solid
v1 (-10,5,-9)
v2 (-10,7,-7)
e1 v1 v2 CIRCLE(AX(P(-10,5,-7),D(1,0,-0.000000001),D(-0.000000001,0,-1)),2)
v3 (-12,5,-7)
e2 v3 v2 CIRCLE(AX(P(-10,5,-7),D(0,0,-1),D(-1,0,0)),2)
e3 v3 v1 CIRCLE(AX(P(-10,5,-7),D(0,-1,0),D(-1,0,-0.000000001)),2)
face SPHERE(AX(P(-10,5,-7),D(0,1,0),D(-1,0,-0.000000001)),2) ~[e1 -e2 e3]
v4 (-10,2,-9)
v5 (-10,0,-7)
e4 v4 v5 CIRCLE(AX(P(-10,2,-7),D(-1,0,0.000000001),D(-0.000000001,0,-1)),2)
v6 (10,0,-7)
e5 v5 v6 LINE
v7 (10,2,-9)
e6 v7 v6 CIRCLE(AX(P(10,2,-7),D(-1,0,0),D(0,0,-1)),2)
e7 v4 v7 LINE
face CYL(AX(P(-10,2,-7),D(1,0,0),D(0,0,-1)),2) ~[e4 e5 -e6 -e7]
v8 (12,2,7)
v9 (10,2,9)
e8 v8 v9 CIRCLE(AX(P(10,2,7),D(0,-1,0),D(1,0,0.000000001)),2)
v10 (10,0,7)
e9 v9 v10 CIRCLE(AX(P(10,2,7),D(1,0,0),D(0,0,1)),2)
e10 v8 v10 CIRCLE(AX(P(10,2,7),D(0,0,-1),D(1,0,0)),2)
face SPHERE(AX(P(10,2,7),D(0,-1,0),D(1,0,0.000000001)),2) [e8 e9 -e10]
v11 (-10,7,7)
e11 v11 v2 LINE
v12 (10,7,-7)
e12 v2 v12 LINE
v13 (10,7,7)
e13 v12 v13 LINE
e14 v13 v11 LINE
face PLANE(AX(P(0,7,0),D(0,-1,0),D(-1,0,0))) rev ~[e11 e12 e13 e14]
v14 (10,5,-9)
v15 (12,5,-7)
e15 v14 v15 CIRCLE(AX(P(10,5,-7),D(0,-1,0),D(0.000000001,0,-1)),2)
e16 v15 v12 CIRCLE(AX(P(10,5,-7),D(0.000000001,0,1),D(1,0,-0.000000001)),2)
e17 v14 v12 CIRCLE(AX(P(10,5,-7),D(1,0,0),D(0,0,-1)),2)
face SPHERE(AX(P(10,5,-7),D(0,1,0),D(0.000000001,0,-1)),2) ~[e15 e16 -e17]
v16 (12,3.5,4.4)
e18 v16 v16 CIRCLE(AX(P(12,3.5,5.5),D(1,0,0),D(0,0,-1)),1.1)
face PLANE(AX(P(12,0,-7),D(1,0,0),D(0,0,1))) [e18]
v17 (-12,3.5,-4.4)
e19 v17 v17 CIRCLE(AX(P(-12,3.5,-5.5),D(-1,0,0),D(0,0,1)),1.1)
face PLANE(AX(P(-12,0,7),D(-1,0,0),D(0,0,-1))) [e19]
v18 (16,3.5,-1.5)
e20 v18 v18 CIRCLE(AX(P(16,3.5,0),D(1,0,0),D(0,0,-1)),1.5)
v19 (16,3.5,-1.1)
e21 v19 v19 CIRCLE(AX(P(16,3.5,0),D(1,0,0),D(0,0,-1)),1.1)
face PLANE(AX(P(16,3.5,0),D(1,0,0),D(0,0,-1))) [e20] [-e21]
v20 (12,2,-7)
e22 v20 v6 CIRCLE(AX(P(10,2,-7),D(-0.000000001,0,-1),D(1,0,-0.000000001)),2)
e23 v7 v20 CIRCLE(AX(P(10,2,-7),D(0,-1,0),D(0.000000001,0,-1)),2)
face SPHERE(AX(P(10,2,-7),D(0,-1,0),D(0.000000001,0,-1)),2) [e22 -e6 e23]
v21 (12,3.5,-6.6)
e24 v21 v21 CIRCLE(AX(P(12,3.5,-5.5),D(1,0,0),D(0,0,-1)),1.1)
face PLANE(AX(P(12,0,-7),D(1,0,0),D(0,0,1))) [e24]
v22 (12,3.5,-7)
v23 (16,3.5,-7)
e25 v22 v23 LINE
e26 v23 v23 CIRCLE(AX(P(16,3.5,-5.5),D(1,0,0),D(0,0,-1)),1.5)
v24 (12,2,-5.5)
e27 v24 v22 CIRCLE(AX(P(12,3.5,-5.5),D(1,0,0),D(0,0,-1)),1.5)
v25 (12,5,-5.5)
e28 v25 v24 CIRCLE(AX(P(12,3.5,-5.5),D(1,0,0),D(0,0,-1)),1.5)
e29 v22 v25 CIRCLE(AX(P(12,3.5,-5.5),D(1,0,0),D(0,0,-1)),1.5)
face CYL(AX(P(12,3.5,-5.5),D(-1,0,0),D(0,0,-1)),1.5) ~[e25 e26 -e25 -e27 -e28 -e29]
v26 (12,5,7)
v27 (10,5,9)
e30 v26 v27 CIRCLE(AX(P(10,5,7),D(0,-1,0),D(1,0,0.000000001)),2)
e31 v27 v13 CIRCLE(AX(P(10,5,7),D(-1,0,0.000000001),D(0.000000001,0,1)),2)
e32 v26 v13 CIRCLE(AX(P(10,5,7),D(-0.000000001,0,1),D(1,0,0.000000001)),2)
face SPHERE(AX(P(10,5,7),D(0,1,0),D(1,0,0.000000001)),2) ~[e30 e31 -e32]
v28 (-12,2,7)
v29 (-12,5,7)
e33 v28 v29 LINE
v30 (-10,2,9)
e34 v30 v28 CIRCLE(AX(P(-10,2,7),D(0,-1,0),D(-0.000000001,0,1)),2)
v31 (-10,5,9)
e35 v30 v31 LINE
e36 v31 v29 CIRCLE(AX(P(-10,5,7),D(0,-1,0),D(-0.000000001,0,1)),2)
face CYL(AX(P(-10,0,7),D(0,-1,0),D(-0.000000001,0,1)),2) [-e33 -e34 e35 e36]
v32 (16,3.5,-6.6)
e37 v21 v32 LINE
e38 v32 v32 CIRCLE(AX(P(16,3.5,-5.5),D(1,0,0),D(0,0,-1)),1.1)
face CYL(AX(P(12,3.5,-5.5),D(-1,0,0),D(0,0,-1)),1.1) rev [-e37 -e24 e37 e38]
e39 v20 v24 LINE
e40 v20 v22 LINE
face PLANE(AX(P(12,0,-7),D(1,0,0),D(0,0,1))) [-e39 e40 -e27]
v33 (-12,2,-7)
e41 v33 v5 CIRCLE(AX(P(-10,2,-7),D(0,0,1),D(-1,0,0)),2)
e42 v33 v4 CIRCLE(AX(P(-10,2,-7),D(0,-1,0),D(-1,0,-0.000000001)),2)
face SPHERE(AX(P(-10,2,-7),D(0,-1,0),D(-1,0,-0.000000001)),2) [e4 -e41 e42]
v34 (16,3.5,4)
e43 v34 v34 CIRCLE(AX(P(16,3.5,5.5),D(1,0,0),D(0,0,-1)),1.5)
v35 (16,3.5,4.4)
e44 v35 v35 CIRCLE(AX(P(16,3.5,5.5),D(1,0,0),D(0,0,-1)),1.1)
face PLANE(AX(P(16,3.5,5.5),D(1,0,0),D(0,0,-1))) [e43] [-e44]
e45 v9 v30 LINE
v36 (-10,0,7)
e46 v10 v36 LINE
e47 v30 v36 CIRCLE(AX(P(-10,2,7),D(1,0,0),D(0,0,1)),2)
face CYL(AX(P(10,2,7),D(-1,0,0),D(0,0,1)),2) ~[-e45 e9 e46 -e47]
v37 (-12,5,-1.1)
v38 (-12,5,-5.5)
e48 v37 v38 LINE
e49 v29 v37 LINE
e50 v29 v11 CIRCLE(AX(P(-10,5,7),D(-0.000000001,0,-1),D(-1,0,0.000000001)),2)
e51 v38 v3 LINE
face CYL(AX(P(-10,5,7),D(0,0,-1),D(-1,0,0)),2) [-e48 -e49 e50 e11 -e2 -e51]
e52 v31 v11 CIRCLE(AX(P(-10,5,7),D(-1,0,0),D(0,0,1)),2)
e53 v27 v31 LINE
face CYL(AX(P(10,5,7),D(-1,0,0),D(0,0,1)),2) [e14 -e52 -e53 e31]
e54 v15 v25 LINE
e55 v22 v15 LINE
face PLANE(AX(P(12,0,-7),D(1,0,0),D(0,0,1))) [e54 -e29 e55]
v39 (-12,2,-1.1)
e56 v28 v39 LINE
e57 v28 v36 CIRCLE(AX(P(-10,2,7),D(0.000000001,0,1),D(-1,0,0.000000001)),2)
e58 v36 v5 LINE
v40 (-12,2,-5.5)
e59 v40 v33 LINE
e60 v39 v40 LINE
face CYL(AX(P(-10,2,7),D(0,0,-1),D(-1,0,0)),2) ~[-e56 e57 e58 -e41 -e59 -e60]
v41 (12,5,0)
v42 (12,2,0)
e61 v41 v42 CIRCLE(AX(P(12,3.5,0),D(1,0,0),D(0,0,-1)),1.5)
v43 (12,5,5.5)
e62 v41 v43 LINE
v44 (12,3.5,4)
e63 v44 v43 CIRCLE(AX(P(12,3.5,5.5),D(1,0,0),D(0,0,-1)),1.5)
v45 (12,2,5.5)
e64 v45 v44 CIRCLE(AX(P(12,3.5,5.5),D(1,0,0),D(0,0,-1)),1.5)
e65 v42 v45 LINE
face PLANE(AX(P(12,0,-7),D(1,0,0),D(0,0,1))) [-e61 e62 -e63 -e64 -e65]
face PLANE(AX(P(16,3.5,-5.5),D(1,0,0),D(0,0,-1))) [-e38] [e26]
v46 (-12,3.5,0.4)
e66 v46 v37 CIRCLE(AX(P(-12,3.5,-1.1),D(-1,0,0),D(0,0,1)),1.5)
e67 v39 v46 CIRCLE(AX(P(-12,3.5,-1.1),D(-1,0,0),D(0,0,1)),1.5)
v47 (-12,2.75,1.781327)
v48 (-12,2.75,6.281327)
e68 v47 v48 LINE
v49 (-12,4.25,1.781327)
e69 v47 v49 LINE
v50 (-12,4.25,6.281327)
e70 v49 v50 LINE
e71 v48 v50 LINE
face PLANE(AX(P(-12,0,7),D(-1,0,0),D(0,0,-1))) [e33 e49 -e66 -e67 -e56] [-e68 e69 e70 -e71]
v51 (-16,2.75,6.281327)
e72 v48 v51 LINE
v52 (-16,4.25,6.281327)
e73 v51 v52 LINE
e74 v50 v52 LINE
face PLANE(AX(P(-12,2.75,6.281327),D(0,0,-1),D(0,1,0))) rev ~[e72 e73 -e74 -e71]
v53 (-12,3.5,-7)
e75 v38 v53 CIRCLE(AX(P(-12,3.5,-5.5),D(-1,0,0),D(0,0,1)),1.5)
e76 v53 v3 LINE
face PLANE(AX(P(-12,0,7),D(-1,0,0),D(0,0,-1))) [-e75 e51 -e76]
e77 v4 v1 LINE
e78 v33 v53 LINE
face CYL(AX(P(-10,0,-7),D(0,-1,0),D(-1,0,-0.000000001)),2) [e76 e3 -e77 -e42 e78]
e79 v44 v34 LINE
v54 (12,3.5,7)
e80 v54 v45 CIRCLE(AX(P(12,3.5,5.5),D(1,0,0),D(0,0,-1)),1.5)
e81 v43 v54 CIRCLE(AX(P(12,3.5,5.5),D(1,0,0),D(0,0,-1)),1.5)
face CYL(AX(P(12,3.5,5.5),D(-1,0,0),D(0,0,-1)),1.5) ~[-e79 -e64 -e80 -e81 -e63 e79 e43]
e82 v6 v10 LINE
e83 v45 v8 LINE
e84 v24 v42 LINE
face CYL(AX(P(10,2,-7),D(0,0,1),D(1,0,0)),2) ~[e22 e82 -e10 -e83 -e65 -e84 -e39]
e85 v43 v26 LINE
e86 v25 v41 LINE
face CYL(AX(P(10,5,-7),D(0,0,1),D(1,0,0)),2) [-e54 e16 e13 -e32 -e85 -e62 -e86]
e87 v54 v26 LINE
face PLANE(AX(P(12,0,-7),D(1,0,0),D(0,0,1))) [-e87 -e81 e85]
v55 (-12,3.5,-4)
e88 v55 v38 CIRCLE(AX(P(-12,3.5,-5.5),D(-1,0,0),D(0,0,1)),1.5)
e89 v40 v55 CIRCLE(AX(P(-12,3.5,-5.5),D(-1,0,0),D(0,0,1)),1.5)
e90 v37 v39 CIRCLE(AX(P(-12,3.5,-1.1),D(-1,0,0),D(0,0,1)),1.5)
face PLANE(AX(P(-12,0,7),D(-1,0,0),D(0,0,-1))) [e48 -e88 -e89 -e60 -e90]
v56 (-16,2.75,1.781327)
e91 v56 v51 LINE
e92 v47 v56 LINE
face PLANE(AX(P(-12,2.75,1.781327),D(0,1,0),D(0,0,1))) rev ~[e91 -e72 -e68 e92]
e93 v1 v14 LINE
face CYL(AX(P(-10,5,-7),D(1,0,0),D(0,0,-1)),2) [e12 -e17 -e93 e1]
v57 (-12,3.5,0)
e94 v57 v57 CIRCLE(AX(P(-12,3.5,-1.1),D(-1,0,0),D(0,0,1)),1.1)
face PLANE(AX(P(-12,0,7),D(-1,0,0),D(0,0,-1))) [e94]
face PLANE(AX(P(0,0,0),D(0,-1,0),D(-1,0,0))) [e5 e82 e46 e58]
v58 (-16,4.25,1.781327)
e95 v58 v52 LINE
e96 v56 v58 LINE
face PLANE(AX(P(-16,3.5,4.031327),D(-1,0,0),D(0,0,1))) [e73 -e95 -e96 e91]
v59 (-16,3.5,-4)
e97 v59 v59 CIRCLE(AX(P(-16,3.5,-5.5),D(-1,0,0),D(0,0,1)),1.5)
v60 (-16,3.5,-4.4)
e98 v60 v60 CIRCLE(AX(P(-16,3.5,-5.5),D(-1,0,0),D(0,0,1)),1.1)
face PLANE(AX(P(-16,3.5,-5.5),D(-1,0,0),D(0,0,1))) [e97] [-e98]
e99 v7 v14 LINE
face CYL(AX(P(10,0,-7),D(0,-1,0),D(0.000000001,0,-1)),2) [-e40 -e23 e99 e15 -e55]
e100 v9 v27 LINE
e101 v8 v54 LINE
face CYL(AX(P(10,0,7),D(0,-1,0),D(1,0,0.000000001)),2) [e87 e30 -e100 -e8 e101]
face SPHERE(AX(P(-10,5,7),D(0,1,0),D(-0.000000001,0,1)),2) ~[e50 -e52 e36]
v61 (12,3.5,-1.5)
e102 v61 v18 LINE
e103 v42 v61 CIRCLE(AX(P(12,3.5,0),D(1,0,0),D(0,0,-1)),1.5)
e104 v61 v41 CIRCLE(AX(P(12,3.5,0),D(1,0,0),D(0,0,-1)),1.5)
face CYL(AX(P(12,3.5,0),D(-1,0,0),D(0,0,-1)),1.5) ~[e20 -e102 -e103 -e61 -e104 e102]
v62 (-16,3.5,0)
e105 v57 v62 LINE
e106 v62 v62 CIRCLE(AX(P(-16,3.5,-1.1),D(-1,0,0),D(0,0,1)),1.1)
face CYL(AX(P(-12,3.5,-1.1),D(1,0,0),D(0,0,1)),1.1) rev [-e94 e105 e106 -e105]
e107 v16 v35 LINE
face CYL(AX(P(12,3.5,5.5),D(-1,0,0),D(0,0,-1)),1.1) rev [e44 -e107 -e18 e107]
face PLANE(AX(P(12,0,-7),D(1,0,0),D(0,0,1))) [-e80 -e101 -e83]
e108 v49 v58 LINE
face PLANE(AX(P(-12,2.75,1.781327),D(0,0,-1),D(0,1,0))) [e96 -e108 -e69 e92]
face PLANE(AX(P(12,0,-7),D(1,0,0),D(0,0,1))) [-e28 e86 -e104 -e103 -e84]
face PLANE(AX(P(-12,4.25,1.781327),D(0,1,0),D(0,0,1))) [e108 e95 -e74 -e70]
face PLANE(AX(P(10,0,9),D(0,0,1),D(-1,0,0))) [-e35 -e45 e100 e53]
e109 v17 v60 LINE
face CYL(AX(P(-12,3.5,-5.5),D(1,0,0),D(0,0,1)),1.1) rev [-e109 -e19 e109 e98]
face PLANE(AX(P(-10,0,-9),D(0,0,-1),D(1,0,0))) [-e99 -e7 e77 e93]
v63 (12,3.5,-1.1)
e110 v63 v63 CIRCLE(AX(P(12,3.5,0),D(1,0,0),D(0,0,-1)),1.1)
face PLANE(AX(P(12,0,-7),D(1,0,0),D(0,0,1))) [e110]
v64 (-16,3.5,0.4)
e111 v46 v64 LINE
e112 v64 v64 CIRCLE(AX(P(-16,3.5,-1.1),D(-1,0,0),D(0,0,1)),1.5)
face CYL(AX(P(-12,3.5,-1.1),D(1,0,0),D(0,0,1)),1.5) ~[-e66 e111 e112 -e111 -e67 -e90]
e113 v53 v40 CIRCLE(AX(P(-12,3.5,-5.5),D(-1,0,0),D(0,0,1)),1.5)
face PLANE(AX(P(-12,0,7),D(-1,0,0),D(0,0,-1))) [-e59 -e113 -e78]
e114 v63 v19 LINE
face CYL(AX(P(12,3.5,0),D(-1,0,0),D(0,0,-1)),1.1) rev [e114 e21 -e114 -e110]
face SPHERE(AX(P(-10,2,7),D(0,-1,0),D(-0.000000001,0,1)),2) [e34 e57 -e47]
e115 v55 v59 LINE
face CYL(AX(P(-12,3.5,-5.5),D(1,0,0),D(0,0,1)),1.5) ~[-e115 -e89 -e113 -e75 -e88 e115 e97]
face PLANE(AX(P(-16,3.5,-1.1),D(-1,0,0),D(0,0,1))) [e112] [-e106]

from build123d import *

# Parameters (mm, degrees)
BOSS_EXTRUDE1_DEPTH = 7
FILLET1_R           = 2
SKETCH2_R           = 1.5
SKETCH2_R_2         = 1.1
BOSS_EXTRUDE2_DEPTH = 4
SKETCH3_R           = 1.5
SKETCH3_R_2         = 1.1
SKETCH3_W           = 4.5
SKETCH3_H           = 1.5
BOSS_EXTRUDE3_DEPTH = 4


with BuildPart() as part:
    # Sketch1 → Boss-Extrude1 (new body)
    with BuildSketch(Plane(origin=(0, 0, 0), x_dir=(1, 0, 0), z_dir=(0, 1, 0))):
        with BuildLine():
            Line((10, -9), (-10, -9))
            ThreePointArc((-10, -9), (-11.414213562, -8.414213562), (-12, -7))
            Line((-12, -7), (-12, 7))
            ThreePointArc((-12, 7), (-11.414213562, 8.414213562), (-10, 9))
            Line((-10, 9), (10, 9))
            ThreePointArc((10, 9), (11.414213562, 8.414213562), (12, 7))
            Line((12, 7), (12, -7))
            ThreePointArc((12, -7), (11.414213562, -8.414213562), (10, -9))
        make_face()
    extrude(amount=BOSS_EXTRUDE1_DEPTH)

    # Fillet1
    fillet1_edges = [part.edges().sort_by_distance(p)[0] for p in [
        (11.414213562, 7, 8.414213562),
        (0, 0, 9),
        (-11.414213562, 0, 8.414213562),
        (12, 7, 0),
        (11.414213562, 7, -8.414213562),
        (0, 7, -9),
        (-11.414213562, 7, -8.414213562),
        (-12, 7, 0),
        (-11.414213562, 7, 8.414213562),
        (0, 7, 9),
        (-12, 0, 0),
        (-11.414213562, 0, -8.414213562),
        (0, 0, -9),
        (11.414213562, 0, -8.414213562),
        (12, 0, 0),
        (11.414213562, 0, 8.414213562),
    ]]
    fillet(fillet1_edges, radius=FILLET1_R)

    # Sketch2 → Boss-Extrude2 (add)
    with BuildSketch(Plane(origin=(12, 0, 0), x_dir=(0, 0, -1), z_dir=(1, 0, 0))):
        with Locations((0, 3.5)):
            Circle(SKETCH2_R)
        with Locations((0, 3.5)):
            Circle(SKETCH2_R_2, mode=Mode.SUBTRACT)
        with Locations((-5.5, 3.5)):
            Circle(SKETCH2_R)
        with Locations((-5.5, 3.5)):
            Circle(SKETCH2_R_2, mode=Mode.SUBTRACT)
        with Locations((5.5, 3.5)):
            Circle(SKETCH2_R)
        with Locations((5.5, 3.5)):
            Circle(SKETCH2_R_2, mode=Mode.SUBTRACT)
    extrude(amount=BOSS_EXTRUDE2_DEPTH)

    # Sketch3 → Boss-Extrude3 (add)
    with BuildSketch(Plane.ZY.offset(12)):
        with Locations((-5.5, 3.5)):
            Circle(SKETCH3_R)
        with Locations((-5.5, 3.5)):
            Circle(SKETCH3_R_2, mode=Mode.SUBTRACT)
        with Locations((-1.1, 3.5)):
            Circle(SKETCH3_R)
        with Locations((-1.1, 3.5)):
            Circle(SKETCH3_R_2, mode=Mode.SUBTRACT)
        with Locations((4.031327063, 3.5)):
            Rectangle(SKETCH3_W, SKETCH3_H)
    extrude(amount=BOSS_EXTRUDE3_DEPTH)


solid = part.part
